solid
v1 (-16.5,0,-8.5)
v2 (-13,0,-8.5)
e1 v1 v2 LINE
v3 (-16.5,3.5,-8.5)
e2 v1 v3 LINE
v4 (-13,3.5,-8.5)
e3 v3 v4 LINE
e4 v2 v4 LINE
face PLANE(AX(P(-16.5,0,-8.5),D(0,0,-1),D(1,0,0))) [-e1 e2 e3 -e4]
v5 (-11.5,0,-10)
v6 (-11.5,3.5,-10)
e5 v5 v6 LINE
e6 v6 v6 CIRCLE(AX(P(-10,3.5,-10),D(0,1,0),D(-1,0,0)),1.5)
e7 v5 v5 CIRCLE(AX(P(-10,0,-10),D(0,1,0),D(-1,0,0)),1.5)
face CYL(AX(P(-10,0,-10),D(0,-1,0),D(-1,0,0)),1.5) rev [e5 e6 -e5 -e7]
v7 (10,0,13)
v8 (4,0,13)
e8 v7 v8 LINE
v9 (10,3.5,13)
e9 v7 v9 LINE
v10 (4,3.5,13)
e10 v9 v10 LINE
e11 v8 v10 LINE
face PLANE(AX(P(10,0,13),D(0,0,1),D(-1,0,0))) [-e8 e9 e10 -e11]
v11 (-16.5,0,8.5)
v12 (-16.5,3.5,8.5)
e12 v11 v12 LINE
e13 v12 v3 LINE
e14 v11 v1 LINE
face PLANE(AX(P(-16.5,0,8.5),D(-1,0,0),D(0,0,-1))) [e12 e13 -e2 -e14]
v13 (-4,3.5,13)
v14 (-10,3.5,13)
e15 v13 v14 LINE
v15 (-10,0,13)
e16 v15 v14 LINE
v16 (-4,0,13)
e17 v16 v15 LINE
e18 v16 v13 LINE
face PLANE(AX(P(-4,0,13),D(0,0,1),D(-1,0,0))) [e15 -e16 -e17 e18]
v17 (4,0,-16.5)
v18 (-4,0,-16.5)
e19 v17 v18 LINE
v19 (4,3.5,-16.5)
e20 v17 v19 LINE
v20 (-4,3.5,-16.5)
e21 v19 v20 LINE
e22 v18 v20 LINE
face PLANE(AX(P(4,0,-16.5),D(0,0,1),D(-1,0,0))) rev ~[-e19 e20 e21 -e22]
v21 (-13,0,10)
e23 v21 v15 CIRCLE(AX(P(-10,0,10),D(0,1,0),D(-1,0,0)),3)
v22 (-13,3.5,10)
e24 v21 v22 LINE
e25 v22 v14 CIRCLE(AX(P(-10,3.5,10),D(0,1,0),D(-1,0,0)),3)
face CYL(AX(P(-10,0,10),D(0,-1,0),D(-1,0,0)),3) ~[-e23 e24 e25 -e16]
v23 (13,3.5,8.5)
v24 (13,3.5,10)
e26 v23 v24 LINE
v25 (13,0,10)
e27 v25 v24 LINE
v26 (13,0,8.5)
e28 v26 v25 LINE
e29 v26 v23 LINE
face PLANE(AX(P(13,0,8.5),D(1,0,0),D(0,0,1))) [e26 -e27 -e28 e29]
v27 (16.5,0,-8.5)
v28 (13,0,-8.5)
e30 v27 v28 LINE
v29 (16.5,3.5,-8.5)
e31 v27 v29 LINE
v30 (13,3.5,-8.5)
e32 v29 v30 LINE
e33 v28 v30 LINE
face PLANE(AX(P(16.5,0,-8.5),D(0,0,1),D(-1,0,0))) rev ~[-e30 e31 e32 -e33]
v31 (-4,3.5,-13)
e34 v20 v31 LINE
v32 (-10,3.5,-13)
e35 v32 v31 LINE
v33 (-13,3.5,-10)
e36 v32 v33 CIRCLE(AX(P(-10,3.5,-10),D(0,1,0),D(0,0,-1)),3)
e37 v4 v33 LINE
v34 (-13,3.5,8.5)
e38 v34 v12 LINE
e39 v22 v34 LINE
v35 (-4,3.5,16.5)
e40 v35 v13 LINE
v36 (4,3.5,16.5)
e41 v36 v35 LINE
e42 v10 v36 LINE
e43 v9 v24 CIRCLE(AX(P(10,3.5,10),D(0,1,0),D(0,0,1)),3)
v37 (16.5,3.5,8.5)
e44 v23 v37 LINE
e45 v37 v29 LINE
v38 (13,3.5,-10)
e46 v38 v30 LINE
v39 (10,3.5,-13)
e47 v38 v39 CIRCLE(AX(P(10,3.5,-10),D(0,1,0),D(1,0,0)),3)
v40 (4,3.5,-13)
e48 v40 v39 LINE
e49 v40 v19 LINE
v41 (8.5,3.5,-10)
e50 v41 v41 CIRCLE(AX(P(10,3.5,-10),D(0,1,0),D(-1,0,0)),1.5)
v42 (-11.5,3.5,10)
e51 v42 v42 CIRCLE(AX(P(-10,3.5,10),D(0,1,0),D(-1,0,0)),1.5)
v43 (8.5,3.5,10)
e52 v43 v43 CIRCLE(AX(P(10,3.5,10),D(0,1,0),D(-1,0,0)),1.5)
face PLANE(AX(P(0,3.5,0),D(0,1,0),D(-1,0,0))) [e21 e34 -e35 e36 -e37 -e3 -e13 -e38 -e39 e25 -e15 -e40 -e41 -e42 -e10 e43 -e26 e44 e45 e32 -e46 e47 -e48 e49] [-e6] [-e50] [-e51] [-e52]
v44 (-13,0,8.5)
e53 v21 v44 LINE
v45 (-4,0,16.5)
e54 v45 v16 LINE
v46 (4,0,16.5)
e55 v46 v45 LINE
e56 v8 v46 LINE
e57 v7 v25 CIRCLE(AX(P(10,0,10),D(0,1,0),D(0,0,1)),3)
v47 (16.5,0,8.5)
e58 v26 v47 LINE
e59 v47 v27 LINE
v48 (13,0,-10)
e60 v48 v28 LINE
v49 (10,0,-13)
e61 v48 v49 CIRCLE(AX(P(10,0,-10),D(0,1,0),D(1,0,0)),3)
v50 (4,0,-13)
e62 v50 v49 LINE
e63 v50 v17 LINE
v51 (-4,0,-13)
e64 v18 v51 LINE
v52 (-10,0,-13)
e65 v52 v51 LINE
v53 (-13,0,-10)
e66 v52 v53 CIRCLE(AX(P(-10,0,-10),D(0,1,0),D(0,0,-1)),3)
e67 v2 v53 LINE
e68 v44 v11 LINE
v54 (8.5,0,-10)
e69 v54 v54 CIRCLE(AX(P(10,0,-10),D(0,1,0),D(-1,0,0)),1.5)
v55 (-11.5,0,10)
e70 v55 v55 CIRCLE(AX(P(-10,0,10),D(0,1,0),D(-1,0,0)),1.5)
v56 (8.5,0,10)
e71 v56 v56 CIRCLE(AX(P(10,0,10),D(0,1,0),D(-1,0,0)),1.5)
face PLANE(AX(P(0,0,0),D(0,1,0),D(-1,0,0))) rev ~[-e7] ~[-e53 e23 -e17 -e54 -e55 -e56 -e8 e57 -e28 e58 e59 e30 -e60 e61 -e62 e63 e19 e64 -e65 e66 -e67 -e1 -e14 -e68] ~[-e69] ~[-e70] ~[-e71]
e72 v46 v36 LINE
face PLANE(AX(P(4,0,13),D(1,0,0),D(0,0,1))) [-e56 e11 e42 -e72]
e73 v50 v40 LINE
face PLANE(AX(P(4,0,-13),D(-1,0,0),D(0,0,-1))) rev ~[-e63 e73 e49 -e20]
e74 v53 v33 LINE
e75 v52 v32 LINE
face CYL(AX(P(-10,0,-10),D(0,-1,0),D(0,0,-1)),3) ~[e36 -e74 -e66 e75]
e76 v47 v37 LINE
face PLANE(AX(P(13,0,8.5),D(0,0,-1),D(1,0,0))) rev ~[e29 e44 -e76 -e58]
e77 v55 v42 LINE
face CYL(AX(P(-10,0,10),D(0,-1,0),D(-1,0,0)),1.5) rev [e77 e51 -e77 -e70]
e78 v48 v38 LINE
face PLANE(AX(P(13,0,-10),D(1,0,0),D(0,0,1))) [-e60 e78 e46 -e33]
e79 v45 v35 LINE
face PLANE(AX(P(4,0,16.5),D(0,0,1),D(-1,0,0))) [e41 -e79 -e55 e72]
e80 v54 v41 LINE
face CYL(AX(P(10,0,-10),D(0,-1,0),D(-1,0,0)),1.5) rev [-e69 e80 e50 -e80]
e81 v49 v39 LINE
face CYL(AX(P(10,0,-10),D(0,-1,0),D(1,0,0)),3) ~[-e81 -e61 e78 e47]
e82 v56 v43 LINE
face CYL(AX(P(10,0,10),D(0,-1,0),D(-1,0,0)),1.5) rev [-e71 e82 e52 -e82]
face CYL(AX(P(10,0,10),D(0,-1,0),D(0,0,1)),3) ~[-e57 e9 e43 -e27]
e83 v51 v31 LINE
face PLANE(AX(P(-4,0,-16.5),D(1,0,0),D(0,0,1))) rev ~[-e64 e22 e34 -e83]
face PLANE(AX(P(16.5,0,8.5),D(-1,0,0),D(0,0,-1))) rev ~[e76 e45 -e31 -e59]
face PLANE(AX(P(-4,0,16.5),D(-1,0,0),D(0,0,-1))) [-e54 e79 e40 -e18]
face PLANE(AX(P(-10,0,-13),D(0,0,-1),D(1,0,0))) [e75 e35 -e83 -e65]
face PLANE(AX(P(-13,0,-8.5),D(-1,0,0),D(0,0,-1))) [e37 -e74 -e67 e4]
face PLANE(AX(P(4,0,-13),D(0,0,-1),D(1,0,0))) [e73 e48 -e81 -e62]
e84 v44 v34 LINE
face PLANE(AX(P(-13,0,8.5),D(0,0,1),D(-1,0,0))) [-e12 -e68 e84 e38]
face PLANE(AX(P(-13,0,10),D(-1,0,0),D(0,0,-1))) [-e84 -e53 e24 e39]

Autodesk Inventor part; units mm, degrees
ref_plane "YZ Plane" through (0, 0, 0) normal (1, 0, 0) x (0, 1, 0)
ref_plane "XZ Plane" through (0, 0, 0) normal (0, 1, 0) x (-1, 0, 0)
ref_plane "XY Plane" through (0, 0, 0) normal (0, 0, 1) x (1, 0, 0)
sketch "Sketch2" plane through (0, 0, 0) normal (0, 1, 0) x (-1, 0, 0)
  line L0 (10, -13) -> (-10, -13)
  line L1 (-13, -10) -> (-13, 10)
  line L2 (-10, 13) -> (10, 13)
  line L3 (13, 10) -> (13, -10)
  line L4 (13, -13) -> (-13, 13) construction
  line L5 (-13, -13) -> (13, 13) construction
  circle A0 centre (10, 10) radius 1.5
  circle A1 centre (-10, 10) radius 1.5
  circle A2 centre (-10, -10) radius 1.5
  circle A3 centre (10, -10) radius 1.5
  arc A4 (13, 10) -> (10, 13) centre (10, 10) ccw
  arc A5 (-10, 13) -> (-13, 10) centre (-10, 10) ccw
  arc A6 (-13, -10) -> (-10, -13) centre (-10, -10) ccw
  arc A7 (10, -13) -> (13, -10) centre (10, -10) ccw
  line L6 (13, 8.5) -> (16.5, 8.5)
  line L7 (16.5, 8.5) -> (16.5, -8.5)
  line L8 (16.5, -8.5) -> (13, -8.5)
  line L9 (13, -8.5) -> (13, 8.5)
  line L10 (0, 0) -> (6.0959, 0)
  line L11 (0, 0) -> (0, 5.3302)
  line L12 (-13, 8.5) -> (-16.5, 8.5)
  line L13 (-16.5, 8.5) -> (-16.5, -8.5)
  line L14 (-16.5, -8.5) -> (-13, -8.5)
  line L15 (-13, -8.5) -> (-13, 8.5)
  line L16 (4, 13) -> (-4, 13)
  line L17 (-4, 13) -> (-4, 16.5)
  line L18 (-4, 16.5) -> (4, 16.5)
  line L19 (4, 16.5) -> (4, 13)
  line L20 (4, -13) -> (-4, -13)
  line L21 (-4, -13) -> (-4, -16.5)
  line L22 (-4, -16.5) -> (4, -16.5)
  line L23 (4, -16.5) -> (4, -13)
  dimension "d10" = 26
  dimension "d11" = 26
  dimension "d12" = 3
  dimension "d13" = 3
  dimension "d14" = 3
  dimension "d15" = 3
  dimension "d16" = 20
  dimension "d17" = 3
  dimension "d18" = 3.5
  dimension "d19" = 17
  dimension "d20" = 8
  dimension "d21" = 3.5
extrude "Extrusion2" add sketch "Sketch2" along normal blind 3.5
properties part number "HGLRC Micro 13A 4in1 BLHeli_S"
